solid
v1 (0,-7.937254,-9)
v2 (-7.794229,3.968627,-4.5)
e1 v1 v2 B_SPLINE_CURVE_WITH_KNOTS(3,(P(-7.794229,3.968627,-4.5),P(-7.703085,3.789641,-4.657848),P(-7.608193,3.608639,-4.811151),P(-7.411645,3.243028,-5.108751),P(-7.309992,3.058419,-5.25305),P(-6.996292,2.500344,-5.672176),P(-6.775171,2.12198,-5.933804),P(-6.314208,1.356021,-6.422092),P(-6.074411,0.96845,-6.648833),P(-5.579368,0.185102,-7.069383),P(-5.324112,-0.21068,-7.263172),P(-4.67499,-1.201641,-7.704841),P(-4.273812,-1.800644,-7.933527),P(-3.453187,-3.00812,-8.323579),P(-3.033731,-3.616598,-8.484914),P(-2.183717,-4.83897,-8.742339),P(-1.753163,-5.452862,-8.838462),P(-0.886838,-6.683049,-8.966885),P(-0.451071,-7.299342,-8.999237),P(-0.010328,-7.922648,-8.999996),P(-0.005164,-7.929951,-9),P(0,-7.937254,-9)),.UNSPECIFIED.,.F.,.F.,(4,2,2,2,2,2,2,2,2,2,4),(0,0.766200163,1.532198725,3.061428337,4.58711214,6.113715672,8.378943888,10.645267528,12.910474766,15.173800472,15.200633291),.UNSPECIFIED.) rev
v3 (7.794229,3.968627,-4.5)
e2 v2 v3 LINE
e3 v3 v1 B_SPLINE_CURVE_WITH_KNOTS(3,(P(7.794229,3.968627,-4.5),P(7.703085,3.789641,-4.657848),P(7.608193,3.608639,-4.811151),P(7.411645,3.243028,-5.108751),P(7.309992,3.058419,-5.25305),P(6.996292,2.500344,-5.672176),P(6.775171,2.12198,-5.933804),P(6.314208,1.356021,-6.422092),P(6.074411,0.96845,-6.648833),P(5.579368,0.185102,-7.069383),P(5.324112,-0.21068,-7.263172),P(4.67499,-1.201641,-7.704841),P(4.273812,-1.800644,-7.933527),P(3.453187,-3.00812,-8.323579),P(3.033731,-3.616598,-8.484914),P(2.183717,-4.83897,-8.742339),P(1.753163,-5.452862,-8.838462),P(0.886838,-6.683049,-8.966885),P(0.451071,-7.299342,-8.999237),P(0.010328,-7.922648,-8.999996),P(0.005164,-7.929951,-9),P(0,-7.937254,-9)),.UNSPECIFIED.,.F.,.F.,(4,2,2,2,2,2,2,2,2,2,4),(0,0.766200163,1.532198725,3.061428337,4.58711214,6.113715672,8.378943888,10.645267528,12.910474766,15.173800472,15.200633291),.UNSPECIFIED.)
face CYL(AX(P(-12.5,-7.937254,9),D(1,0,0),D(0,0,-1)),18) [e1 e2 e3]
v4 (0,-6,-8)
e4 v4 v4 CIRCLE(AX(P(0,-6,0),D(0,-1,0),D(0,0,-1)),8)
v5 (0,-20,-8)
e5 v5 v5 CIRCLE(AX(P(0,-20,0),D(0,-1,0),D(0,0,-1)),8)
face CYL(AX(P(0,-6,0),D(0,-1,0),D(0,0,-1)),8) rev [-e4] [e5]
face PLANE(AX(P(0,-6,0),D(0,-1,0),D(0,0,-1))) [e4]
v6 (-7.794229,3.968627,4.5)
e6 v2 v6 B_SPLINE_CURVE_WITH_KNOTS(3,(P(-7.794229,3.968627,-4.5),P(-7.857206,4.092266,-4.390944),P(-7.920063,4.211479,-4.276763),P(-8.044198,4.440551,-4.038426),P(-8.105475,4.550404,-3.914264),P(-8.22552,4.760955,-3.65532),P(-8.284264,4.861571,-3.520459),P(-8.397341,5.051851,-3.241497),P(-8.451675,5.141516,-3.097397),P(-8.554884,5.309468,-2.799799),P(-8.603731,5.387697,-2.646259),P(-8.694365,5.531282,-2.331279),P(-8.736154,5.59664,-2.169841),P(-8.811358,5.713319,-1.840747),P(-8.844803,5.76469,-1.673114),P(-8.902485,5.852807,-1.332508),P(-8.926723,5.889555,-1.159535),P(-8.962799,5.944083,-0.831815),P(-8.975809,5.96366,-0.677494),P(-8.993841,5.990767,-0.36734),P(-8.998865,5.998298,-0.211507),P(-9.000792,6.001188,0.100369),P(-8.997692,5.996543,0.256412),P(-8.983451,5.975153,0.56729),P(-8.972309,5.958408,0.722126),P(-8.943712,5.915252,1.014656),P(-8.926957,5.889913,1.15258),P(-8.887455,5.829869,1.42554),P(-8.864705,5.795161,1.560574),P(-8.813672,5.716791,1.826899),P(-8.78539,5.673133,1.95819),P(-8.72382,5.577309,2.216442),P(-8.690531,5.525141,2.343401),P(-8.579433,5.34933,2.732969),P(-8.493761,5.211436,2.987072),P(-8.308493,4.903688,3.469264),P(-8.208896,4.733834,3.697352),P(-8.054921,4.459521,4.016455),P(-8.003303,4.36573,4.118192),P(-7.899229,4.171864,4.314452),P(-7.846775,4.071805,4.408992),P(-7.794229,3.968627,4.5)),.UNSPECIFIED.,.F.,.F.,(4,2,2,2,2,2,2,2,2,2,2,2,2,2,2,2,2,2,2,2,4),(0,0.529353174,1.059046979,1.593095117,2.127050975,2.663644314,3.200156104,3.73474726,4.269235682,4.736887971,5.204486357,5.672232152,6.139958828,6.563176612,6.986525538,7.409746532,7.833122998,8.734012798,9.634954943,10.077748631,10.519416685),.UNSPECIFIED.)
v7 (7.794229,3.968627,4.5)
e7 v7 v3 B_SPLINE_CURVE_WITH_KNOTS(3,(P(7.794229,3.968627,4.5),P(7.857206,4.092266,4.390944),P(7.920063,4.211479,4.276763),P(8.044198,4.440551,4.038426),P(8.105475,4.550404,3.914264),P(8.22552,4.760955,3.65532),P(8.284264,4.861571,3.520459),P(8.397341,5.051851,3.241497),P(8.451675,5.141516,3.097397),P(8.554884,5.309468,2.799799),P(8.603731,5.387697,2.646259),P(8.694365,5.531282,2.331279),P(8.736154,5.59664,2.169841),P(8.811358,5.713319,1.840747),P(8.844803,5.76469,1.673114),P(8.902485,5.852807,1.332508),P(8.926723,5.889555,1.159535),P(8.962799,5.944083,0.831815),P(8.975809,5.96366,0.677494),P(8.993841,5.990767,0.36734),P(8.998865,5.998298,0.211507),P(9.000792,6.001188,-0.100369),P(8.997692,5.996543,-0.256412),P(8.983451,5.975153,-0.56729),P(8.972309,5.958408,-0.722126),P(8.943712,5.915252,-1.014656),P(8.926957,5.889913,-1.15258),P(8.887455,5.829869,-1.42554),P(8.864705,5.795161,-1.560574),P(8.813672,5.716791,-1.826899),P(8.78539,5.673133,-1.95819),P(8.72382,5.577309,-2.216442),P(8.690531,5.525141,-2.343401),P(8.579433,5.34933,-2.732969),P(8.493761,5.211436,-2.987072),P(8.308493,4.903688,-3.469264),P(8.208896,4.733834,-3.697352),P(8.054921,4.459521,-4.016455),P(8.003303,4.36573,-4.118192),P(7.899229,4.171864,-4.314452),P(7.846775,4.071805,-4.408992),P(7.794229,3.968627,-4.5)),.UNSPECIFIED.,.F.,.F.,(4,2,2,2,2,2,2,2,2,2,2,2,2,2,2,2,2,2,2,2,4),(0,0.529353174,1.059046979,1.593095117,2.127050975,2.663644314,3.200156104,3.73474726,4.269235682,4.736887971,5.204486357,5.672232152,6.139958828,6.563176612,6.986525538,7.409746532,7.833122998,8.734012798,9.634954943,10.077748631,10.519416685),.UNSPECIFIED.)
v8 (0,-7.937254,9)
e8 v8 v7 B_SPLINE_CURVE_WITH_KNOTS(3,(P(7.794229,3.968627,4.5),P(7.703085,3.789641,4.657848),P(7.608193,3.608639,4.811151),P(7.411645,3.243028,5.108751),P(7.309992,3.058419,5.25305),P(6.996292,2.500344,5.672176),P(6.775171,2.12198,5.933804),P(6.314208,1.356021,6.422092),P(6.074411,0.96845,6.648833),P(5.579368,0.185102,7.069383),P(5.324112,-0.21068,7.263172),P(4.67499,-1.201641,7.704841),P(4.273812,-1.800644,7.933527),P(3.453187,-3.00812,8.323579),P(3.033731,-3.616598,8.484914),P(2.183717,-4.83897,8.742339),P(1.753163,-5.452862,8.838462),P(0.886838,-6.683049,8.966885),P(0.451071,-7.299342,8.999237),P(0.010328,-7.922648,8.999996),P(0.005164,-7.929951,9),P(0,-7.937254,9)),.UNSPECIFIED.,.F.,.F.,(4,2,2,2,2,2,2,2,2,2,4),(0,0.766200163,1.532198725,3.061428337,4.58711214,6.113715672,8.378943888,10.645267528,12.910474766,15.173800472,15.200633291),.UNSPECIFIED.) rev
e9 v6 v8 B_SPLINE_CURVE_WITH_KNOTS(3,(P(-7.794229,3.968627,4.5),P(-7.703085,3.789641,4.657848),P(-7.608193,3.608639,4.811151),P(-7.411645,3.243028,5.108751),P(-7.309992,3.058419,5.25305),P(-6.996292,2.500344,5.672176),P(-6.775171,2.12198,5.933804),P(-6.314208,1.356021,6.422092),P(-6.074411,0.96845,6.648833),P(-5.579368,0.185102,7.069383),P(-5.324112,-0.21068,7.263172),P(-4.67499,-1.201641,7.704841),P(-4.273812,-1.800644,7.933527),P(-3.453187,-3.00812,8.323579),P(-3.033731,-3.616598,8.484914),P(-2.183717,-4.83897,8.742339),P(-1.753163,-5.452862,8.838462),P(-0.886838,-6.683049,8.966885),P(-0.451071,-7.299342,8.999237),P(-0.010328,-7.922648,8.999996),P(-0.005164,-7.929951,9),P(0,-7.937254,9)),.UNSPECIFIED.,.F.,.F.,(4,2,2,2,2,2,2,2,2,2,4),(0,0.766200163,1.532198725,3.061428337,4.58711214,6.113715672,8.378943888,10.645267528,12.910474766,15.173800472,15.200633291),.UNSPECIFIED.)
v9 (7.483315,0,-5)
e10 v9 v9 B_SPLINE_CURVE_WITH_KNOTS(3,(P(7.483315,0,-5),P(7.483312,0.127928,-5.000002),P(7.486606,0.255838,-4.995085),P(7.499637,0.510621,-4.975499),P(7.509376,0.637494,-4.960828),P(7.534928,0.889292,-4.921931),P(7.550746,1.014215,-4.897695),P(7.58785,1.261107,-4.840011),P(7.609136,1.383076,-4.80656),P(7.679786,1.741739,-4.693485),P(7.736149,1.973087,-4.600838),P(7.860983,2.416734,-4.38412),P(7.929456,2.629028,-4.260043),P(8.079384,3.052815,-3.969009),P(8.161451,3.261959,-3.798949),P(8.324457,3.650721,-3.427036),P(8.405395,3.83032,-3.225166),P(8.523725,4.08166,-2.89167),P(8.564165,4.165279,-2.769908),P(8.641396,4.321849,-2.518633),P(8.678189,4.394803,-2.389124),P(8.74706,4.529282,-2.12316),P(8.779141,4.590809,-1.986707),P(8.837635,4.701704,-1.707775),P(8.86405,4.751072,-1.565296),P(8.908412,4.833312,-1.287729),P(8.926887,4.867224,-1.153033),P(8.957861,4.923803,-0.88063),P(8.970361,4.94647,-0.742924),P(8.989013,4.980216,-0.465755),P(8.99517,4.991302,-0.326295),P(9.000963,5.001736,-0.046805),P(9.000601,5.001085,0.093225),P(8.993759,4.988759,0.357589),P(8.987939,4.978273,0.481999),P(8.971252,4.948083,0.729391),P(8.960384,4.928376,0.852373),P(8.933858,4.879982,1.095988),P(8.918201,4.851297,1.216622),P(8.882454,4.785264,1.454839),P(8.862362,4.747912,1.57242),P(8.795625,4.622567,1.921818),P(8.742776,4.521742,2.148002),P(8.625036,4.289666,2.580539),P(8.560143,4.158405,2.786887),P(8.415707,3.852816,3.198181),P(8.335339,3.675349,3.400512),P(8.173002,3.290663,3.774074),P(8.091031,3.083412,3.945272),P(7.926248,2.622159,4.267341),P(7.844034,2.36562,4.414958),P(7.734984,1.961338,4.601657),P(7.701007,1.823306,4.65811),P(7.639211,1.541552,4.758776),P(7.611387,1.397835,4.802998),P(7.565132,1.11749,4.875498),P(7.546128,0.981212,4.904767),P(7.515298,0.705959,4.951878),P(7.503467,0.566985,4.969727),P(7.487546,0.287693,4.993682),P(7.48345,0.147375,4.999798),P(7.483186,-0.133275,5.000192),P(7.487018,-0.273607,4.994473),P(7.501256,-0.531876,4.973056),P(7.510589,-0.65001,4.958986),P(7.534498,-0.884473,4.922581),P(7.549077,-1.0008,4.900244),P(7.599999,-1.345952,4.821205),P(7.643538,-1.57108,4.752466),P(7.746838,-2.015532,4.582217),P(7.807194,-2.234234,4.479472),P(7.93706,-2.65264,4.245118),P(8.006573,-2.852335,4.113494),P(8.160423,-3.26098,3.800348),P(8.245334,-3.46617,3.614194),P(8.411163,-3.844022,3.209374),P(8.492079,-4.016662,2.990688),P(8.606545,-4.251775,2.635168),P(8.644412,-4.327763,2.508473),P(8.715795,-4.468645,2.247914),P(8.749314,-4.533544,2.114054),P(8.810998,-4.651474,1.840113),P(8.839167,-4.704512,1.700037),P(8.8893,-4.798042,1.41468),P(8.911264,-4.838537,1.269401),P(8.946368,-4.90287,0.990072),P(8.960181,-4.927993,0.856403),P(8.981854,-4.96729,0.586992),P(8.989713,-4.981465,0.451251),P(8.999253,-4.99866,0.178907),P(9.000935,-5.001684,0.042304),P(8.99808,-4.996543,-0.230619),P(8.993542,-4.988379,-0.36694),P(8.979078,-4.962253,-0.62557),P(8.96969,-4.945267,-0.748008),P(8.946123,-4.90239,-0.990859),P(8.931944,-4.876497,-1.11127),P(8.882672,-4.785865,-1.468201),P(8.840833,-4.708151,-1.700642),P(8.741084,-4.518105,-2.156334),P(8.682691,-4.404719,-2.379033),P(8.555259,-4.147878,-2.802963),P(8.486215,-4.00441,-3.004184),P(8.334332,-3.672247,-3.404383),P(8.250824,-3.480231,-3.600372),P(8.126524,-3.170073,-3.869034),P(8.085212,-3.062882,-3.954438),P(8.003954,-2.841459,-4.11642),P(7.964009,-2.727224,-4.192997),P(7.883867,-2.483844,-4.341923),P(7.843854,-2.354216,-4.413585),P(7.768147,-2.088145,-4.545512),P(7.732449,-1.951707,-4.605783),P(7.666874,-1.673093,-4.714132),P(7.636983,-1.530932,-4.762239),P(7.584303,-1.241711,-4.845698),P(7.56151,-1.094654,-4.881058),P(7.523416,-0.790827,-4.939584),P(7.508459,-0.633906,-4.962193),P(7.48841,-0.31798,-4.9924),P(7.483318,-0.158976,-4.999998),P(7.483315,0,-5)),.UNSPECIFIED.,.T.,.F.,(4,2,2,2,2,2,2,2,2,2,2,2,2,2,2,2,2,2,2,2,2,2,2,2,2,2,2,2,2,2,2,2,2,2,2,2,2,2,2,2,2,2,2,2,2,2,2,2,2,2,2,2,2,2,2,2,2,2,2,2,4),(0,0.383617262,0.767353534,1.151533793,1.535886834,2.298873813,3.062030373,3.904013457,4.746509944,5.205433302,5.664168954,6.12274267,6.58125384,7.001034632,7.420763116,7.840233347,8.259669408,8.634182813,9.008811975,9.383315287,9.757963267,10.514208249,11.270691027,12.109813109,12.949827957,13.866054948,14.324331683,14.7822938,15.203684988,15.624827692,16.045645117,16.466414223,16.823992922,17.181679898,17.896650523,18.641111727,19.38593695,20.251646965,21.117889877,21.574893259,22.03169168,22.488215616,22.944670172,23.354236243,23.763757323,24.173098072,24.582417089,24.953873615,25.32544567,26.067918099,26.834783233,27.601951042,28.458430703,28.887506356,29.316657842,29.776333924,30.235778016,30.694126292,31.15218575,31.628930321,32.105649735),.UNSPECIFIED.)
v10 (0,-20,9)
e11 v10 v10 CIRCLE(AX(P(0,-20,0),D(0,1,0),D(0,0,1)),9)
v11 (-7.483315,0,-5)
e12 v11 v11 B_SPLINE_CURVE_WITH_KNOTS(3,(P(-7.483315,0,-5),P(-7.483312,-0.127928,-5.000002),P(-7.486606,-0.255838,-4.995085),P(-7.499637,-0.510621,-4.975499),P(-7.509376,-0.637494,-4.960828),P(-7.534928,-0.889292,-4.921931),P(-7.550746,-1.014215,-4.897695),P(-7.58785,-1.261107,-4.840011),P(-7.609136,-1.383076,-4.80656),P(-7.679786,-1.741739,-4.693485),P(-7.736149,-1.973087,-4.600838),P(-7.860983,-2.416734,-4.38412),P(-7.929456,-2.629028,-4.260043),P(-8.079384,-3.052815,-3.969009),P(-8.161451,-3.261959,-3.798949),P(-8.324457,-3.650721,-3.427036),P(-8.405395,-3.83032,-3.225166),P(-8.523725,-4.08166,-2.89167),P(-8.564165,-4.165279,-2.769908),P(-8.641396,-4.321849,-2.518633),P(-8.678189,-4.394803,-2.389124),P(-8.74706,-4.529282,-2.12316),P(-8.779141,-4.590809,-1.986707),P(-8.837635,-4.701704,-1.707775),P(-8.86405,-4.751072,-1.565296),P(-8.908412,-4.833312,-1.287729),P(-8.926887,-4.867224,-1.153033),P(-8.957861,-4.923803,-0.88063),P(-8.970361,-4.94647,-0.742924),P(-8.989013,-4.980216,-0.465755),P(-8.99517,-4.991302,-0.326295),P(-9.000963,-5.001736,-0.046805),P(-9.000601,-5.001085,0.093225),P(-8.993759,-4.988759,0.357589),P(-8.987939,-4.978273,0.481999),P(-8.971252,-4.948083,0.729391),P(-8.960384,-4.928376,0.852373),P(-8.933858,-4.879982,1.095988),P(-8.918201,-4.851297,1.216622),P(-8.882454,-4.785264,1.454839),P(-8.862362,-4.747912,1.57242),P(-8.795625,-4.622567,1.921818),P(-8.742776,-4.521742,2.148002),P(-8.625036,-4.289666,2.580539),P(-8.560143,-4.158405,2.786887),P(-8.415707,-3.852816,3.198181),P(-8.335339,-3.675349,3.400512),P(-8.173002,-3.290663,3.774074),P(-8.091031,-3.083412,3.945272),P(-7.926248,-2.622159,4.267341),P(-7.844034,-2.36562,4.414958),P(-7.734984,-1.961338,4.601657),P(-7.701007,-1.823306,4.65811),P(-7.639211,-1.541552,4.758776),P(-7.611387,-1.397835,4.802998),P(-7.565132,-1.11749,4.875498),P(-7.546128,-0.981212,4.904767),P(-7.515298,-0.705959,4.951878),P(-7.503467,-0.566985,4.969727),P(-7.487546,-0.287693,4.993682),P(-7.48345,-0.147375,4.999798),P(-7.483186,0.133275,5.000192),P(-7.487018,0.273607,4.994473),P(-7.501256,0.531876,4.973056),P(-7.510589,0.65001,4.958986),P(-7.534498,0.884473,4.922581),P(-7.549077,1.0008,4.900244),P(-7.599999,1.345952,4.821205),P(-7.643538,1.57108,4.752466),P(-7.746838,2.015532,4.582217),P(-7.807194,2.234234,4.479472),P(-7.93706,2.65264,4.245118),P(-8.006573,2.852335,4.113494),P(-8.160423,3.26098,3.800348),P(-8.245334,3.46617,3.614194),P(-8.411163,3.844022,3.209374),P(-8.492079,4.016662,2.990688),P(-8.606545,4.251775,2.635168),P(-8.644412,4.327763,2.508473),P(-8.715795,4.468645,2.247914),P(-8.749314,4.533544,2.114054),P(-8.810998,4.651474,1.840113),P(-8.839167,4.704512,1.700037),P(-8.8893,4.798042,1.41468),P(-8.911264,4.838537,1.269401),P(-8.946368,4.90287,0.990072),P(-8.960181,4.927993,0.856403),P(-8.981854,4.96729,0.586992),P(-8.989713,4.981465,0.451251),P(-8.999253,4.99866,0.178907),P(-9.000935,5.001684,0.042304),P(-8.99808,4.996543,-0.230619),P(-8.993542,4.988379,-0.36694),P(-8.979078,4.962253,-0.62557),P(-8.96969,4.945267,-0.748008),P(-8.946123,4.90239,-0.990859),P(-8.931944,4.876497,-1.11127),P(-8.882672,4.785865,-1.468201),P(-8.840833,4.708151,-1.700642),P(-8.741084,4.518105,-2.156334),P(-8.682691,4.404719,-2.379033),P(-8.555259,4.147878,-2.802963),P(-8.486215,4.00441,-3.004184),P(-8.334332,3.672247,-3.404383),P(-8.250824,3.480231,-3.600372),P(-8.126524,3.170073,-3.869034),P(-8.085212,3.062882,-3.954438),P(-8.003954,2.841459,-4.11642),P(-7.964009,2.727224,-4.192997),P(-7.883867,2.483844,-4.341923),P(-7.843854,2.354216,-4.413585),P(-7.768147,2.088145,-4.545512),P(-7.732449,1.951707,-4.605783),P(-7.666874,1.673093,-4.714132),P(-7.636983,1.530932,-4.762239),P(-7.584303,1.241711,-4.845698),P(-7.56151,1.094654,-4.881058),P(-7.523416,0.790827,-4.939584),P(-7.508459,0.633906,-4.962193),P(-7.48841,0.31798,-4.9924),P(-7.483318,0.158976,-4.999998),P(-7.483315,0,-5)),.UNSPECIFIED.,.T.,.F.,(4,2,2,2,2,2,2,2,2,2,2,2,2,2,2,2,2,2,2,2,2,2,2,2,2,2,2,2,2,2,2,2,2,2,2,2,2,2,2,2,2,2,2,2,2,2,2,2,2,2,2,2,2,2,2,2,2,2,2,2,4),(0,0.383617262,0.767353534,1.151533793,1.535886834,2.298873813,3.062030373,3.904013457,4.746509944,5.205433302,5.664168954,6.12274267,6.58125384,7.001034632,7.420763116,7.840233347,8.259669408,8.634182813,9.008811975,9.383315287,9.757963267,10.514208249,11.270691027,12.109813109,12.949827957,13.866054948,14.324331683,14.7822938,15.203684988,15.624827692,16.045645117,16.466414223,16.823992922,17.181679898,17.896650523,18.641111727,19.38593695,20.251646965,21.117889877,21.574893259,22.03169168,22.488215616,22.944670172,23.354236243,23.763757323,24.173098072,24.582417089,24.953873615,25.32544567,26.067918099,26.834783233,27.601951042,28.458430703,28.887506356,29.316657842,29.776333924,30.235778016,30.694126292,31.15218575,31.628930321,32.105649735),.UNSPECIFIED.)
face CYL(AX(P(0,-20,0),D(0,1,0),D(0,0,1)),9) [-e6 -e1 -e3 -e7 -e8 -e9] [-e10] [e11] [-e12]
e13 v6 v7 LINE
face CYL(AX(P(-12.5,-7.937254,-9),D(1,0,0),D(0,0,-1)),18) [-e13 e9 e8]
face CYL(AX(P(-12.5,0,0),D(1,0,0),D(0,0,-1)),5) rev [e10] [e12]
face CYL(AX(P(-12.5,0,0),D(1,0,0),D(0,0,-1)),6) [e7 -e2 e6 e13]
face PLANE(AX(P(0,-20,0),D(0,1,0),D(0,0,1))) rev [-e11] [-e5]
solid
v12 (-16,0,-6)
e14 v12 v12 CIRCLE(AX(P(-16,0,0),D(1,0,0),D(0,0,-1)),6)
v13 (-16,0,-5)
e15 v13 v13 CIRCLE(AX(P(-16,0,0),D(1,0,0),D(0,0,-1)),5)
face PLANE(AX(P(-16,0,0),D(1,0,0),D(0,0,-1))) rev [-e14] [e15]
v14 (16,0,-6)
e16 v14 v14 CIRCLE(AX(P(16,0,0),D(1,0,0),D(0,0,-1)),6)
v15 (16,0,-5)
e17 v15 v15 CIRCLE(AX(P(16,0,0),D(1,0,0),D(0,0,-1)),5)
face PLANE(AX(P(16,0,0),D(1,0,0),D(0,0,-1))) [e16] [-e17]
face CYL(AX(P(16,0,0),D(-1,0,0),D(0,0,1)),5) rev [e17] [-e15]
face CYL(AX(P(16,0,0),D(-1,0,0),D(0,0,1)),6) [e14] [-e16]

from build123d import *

# Parameters (mm, degrees)
SKETCH_1_R          = 6
SKETCH_1_R_2        = 5
EXTRUDE_1_DEPTH     = 16
SKETCH_3_R          = 9
EXTRUDE_2_DEPTH     = 26
SKETCH_4_R          = 8
CUT_EXTRUDE_1_DEPTH = 14
SKETCH_6_R          = 5
CUT_EXTRUDE_2_DEPTH = 12.5
CUT_EXTRUDE_3_DEPTH = 12.5


with BuildPart() as part:
    # 草图1 → 凸台-拉伸1 (new, symmetric)
    with BuildSketch(Plane(origin=(0, 0, 0), x_dir=(0, 0, -1), z_dir=(1, 0, 0))):
        Circle(SKETCH_1_R)
        Circle(SKETCH_1_R_2, mode=Mode.SUBTRACT)
    extrude(amount=EXTRUDE_1_DEPTH, both=True)


with BuildPart() as body_2:
    # 草图3 → 凸台-拉伸2 (new body)
    with BuildSketch(Plane(origin=(0, 6, 0), x_dir=(1, 0, 0), z_dir=(0, 1, 0))):
        with Locations(Location((0, 0, 0), (0, 0, 270))):
            Circle(SKETCH_3_R)
    extrude(amount=-EXTRUDE_2_DEPTH)

    # 草图4 → 切除-拉伸1 (cut)
    with BuildSketch(Plane(origin=(0, -20, 0), x_dir=(-1, 0, 0), z_dir=(0, -1, 0))):
        with Locations(Location((0, 0, 0), (0, 0, 90))):
            Circle(SKETCH_4_R)
    extrude(amount=-CUT_EXTRUDE_1_DEPTH, mode=Mode.SUBTRACT)

    # 草图6 → 切除-拉伸2 (cut, symmetric)
    with BuildSketch(Plane(origin=(0, 0, 0), x_dir=(0, 0, -1), z_dir=(1, 0, 0))):
        Circle(SKETCH_6_R)
    extrude(amount=CUT_EXTRUDE_2_DEPTH, both=True, mode=Mode.SUBTRACT)

    # 草图7 → 切除-拉伸3 (cut, symmetric)
    with BuildSketch(Plane(origin=(0, 0, 0), x_dir=(0, 0, -1), z_dir=(1, 0, 0))):
        with BuildLine():
            Line((9, 8), (9, -7.937253933))
            ThreePointArc((9, -7.937253933), (7.83745824, -1.573292903), (4.5, 3.968626967))
            ThreePointArc((4.5, 3.968626967), (0, 6), (-4.5, 3.968626967))
            ThreePointArc((-4.5, 3.968626967), (-7.83745824, -1.573292903), (-9, -7.937253933))
            Line((-9, -7.937253933), (-9, 8))
            Line((-9, 8), (9, 8))
        make_face()
    extrude(amount=CUT_EXTRUDE_3_DEPTH, both=True, mode=Mode.SUBTRACT)


solid = Compound([part.part, body_2.part])
